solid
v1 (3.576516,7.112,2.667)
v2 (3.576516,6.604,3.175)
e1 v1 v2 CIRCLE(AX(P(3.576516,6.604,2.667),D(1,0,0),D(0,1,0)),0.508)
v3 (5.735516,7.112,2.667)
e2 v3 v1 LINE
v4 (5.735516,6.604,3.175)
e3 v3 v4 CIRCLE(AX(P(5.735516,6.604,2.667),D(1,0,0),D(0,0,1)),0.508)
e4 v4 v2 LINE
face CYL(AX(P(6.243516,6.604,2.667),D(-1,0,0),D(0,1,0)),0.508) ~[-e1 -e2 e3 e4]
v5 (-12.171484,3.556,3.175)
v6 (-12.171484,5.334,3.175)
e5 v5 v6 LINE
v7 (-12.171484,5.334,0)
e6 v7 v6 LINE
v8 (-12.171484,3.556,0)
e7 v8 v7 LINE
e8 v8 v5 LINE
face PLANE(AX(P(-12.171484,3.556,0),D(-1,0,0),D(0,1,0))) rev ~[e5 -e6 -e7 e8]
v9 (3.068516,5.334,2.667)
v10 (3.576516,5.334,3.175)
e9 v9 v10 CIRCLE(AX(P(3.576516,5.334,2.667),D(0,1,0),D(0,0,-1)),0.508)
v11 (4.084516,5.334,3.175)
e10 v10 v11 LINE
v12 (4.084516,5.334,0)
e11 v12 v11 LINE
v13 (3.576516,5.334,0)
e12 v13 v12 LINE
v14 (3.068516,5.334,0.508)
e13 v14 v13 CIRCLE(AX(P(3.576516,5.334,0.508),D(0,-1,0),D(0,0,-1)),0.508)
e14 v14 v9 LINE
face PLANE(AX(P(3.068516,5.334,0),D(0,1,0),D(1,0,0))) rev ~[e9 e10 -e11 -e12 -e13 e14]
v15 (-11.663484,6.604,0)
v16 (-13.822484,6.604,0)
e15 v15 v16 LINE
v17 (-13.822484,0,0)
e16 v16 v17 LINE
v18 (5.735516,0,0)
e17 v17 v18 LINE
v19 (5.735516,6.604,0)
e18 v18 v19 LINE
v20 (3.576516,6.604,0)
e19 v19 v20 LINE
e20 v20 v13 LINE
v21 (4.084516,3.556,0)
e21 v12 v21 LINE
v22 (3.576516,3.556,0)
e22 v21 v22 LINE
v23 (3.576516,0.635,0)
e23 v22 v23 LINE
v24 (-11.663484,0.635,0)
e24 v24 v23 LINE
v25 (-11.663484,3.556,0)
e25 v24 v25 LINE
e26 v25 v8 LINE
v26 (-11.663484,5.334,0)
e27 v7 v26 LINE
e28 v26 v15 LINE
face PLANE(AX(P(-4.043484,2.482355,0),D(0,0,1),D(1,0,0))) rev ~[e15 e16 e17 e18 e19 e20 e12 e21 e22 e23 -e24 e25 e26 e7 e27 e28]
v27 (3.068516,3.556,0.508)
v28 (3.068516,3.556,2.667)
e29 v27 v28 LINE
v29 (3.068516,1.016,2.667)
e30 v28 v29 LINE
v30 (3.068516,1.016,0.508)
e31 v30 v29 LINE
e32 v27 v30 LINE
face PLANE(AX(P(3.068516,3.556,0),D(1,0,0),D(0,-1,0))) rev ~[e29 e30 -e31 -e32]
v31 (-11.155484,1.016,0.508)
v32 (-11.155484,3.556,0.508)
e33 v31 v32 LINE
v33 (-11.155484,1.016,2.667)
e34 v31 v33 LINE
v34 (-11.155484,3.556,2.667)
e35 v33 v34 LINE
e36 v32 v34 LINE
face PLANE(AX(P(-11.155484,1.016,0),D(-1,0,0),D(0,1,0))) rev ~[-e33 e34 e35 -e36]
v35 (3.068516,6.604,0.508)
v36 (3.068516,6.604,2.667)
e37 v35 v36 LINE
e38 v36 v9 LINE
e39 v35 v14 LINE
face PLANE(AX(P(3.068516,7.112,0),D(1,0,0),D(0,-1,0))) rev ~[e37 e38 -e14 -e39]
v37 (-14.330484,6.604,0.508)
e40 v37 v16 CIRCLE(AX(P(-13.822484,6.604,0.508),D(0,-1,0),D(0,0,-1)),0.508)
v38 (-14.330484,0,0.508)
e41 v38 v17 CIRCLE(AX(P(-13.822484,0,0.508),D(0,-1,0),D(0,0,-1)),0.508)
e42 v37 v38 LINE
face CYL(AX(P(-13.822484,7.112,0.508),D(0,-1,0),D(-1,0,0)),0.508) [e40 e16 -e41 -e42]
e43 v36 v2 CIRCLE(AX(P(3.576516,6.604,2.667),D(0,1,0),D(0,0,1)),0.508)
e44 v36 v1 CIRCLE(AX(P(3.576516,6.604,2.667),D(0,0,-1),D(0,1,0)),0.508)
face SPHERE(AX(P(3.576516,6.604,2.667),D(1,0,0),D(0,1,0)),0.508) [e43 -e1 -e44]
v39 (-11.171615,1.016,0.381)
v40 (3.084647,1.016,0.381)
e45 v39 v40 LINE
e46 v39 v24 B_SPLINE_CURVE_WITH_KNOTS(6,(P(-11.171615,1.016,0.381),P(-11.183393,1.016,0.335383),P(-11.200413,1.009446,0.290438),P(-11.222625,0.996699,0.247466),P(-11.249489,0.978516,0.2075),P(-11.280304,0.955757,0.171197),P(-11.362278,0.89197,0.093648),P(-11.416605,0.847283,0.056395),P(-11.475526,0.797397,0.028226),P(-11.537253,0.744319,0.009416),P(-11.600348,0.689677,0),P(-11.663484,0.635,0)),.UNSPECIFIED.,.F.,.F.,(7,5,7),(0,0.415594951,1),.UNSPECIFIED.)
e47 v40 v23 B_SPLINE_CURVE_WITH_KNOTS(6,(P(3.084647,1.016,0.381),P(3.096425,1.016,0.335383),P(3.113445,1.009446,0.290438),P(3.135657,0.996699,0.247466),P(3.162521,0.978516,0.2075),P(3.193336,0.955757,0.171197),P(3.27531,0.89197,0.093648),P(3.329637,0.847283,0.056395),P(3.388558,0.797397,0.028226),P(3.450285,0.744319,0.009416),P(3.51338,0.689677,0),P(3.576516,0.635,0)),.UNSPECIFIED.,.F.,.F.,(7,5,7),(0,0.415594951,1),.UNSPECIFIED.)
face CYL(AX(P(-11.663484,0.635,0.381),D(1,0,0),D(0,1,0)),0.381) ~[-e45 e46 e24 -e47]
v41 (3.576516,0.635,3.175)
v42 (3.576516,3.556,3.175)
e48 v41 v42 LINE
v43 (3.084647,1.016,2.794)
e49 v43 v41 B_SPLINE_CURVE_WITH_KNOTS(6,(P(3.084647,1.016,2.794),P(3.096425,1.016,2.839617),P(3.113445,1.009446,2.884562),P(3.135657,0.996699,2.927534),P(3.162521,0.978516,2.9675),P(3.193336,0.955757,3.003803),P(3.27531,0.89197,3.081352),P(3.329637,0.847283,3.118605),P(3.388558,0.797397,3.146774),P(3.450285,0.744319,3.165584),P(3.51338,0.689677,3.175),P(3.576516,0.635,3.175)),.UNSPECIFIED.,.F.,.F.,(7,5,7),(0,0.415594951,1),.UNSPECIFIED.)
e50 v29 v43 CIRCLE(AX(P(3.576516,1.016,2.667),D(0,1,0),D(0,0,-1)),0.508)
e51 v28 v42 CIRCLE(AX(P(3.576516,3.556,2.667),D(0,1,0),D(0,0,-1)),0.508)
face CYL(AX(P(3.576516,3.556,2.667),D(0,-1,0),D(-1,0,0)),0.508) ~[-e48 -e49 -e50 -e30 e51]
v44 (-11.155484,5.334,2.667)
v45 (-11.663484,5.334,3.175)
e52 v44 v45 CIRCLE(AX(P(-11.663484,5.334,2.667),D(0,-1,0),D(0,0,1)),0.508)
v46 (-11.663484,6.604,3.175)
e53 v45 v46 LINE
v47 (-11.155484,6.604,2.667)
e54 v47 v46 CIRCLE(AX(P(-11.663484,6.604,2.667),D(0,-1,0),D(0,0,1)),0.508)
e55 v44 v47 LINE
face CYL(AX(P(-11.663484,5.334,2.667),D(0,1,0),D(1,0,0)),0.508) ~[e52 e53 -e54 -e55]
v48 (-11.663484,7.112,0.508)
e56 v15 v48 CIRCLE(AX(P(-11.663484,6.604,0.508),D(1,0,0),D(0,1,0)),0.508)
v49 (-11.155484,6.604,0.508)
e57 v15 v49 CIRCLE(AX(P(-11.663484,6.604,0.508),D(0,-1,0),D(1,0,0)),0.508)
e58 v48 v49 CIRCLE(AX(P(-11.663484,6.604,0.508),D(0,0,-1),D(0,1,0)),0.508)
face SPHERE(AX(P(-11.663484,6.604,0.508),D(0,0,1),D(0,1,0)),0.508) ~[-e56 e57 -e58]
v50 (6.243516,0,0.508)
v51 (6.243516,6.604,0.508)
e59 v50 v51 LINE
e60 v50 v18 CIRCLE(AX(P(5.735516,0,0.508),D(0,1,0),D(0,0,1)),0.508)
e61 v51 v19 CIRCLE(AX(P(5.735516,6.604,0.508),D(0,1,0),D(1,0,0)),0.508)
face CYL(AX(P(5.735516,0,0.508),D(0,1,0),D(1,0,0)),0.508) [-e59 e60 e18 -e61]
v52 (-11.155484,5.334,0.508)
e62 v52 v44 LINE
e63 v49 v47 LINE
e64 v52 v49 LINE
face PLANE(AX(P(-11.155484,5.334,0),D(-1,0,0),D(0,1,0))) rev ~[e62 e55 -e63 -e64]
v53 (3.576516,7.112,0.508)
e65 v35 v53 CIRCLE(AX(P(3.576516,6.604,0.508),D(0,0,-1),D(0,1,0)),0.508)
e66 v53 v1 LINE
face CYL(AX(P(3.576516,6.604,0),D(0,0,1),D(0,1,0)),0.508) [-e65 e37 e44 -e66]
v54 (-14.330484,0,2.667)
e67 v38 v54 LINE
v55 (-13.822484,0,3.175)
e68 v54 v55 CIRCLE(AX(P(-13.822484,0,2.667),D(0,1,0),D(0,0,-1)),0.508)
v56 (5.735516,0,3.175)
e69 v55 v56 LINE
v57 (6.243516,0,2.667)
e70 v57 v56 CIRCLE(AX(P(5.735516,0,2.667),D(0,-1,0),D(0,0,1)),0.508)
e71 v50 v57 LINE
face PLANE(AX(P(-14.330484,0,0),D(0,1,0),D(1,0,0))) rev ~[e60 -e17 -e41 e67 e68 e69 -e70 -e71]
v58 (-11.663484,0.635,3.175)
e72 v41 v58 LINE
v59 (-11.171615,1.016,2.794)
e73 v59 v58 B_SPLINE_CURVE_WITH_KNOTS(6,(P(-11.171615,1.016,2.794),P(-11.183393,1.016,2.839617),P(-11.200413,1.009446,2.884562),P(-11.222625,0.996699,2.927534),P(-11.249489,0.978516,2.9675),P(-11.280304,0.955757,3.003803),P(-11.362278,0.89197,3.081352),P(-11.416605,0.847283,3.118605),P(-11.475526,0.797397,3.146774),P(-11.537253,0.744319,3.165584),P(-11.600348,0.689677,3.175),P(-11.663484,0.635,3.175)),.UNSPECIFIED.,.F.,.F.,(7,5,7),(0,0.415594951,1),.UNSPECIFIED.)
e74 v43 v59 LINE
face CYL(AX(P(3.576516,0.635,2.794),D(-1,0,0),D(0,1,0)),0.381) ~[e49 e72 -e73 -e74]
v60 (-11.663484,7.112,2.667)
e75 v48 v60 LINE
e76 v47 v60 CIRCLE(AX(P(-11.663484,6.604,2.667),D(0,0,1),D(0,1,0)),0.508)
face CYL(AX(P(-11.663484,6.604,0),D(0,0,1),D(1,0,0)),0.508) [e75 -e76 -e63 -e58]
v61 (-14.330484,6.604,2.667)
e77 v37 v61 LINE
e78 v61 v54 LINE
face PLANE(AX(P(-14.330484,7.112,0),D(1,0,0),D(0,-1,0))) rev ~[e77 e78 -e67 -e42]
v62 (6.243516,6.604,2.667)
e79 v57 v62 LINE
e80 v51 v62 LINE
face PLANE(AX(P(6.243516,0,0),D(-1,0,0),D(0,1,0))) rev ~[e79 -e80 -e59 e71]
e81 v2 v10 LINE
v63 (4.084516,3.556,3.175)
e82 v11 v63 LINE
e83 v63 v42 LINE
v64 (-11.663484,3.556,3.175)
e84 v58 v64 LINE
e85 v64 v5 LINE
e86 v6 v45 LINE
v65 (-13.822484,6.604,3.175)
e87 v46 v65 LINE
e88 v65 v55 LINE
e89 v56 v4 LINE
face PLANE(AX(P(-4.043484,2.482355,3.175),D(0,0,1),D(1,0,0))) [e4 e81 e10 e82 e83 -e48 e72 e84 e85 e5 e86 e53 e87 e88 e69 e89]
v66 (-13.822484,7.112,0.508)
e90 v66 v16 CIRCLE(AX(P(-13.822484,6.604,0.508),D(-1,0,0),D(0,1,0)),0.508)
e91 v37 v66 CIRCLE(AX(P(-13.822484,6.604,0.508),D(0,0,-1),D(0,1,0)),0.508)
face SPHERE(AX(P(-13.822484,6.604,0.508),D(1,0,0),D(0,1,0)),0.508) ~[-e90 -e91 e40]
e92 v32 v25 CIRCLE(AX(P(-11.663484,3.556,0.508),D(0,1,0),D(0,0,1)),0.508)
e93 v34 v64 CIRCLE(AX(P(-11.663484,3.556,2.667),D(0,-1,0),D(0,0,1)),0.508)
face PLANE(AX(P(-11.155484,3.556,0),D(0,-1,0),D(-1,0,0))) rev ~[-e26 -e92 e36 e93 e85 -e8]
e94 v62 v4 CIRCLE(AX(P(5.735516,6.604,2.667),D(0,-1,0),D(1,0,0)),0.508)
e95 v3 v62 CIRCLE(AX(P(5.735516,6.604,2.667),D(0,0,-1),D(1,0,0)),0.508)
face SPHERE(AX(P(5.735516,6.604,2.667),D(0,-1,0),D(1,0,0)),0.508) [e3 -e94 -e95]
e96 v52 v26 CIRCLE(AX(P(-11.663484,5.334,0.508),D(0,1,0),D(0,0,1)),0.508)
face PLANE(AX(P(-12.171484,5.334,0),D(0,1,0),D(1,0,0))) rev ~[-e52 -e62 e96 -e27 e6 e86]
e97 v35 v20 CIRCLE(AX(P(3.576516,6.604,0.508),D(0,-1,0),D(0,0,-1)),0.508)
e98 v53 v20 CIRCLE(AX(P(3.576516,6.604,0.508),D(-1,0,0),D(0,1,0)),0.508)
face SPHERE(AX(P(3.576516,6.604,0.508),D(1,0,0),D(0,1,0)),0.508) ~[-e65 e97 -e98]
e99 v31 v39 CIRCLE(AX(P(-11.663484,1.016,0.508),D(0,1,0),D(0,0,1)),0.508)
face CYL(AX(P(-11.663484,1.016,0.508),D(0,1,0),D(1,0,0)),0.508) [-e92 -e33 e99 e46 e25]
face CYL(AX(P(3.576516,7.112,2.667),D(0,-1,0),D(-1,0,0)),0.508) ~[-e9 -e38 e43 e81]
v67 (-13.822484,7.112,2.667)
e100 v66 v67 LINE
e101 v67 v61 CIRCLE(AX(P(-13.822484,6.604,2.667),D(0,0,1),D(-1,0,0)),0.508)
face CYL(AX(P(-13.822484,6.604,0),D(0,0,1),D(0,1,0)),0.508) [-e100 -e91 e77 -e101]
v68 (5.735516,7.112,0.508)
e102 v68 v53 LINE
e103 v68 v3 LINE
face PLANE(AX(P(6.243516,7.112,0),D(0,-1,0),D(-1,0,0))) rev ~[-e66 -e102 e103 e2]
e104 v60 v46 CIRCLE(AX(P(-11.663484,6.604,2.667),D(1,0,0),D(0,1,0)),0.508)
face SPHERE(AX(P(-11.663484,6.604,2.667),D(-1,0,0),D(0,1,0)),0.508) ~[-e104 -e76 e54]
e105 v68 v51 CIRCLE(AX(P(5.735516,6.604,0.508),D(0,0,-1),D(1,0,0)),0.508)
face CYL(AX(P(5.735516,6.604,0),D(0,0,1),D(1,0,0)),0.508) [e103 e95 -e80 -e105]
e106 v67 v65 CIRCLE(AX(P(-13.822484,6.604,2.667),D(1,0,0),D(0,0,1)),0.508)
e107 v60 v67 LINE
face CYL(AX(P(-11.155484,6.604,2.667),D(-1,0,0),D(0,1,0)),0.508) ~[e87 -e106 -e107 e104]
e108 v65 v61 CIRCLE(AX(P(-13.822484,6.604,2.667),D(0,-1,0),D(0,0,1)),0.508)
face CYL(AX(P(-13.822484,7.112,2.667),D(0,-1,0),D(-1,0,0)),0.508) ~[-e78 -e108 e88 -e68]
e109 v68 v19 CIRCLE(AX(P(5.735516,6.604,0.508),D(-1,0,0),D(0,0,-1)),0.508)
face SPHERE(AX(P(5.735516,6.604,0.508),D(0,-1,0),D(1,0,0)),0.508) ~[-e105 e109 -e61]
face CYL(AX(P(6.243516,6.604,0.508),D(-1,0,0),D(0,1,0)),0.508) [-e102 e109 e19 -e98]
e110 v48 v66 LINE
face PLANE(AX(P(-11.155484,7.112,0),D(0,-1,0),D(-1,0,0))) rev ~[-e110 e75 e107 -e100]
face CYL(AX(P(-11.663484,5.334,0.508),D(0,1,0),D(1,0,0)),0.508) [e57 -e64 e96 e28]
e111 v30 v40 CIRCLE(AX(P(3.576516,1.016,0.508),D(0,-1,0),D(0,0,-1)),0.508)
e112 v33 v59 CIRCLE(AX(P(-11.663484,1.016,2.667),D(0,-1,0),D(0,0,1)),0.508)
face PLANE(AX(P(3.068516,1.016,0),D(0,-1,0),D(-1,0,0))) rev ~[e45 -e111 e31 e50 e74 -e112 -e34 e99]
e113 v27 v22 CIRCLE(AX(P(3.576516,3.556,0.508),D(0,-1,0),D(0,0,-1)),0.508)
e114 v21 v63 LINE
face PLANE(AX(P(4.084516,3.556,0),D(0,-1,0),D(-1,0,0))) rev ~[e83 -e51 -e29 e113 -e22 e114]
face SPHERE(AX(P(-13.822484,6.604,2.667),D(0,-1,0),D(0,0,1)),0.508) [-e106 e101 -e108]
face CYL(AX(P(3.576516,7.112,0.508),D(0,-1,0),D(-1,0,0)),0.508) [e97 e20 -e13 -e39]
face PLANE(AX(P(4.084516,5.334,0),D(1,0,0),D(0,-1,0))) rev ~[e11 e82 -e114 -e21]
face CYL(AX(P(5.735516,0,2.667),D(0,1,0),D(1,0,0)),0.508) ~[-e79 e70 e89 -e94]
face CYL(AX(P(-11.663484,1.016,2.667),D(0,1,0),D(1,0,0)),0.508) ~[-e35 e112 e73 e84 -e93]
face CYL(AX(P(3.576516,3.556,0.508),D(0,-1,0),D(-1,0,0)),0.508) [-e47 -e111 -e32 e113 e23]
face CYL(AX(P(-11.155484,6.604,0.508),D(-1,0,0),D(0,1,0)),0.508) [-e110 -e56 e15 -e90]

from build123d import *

# Parameters (mm, degrees)
F1_DEPTH = 3.175
F2_R     = 0.508
F3_R     = 0.381


with BuildPart() as f1:
    # F0 (on Top) → F1 (new body)
    with BuildSketch(Plane.XY):
        Polygon((-14.330484, 1.016), (-14.330484, 0), (6.243516, 0), (6.243516, 1.016), (6.243516, 7.112), (3.068516, 7.112), (3.068516, 5.334), (4.084516, 5.334), (4.084516, 3.556), (3.068516, 3.556), (3.068516, 1.016), (-11.155484, 1.016), (-11.155484, 3.556), (-12.171484, 3.556), (-12.171484, 5.334), (-11.155484, 5.334), (-11.155484, 7.112), (-14.330484, 7.112), align=None)
    extrude(amount=F1_DEPTH)

    # F2
    f2_edges = [f1.edges().sort_by_distance(p)[0] for p in [
        (-11.155484, 2.286, 3.175),
        (-11.155484, 2.286, 0),
        (3.068516, 2.286, 3.175),
        (6.243516, 3.556, 3.175),
        (6.243516, 3.556, 0),
        (-14.330484, 3.556, 3.175),
        (-12.742984, 7.112, 3.175),
        (6.243516, 7.112, 1.5875),
        (4.656016, 7.112, 3.175),
        (4.656016, 7.112, 0),
        (3.068516, 7.112, 1.5875),
        (-11.155484, 7.112, 1.5875),
        (-12.742984, 7.112, 0),
        (-14.330484, 7.112, 1.5875),
        (-11.155484, 6.223, 3.175),
        (-11.155484, 6.223, 0),
        (3.068516, 6.223, 3.175),
        (3.068516, 6.223, 0),
        (3.068516, 2.286, 0),
        (-14.330484, 3.556, 0),
    ]]
    fillet(f2_edges, radius=F2_R)

    # F3
    f3_edges = [f1.edges().sort_by_distance(p)[0] for p in [
        (-4.043484, 1.016, 0),
        (-4.043484, 1.016, 3.175),
    ]]
    fillet(f3_edges, radius=F3_R)


solid = f1.part
